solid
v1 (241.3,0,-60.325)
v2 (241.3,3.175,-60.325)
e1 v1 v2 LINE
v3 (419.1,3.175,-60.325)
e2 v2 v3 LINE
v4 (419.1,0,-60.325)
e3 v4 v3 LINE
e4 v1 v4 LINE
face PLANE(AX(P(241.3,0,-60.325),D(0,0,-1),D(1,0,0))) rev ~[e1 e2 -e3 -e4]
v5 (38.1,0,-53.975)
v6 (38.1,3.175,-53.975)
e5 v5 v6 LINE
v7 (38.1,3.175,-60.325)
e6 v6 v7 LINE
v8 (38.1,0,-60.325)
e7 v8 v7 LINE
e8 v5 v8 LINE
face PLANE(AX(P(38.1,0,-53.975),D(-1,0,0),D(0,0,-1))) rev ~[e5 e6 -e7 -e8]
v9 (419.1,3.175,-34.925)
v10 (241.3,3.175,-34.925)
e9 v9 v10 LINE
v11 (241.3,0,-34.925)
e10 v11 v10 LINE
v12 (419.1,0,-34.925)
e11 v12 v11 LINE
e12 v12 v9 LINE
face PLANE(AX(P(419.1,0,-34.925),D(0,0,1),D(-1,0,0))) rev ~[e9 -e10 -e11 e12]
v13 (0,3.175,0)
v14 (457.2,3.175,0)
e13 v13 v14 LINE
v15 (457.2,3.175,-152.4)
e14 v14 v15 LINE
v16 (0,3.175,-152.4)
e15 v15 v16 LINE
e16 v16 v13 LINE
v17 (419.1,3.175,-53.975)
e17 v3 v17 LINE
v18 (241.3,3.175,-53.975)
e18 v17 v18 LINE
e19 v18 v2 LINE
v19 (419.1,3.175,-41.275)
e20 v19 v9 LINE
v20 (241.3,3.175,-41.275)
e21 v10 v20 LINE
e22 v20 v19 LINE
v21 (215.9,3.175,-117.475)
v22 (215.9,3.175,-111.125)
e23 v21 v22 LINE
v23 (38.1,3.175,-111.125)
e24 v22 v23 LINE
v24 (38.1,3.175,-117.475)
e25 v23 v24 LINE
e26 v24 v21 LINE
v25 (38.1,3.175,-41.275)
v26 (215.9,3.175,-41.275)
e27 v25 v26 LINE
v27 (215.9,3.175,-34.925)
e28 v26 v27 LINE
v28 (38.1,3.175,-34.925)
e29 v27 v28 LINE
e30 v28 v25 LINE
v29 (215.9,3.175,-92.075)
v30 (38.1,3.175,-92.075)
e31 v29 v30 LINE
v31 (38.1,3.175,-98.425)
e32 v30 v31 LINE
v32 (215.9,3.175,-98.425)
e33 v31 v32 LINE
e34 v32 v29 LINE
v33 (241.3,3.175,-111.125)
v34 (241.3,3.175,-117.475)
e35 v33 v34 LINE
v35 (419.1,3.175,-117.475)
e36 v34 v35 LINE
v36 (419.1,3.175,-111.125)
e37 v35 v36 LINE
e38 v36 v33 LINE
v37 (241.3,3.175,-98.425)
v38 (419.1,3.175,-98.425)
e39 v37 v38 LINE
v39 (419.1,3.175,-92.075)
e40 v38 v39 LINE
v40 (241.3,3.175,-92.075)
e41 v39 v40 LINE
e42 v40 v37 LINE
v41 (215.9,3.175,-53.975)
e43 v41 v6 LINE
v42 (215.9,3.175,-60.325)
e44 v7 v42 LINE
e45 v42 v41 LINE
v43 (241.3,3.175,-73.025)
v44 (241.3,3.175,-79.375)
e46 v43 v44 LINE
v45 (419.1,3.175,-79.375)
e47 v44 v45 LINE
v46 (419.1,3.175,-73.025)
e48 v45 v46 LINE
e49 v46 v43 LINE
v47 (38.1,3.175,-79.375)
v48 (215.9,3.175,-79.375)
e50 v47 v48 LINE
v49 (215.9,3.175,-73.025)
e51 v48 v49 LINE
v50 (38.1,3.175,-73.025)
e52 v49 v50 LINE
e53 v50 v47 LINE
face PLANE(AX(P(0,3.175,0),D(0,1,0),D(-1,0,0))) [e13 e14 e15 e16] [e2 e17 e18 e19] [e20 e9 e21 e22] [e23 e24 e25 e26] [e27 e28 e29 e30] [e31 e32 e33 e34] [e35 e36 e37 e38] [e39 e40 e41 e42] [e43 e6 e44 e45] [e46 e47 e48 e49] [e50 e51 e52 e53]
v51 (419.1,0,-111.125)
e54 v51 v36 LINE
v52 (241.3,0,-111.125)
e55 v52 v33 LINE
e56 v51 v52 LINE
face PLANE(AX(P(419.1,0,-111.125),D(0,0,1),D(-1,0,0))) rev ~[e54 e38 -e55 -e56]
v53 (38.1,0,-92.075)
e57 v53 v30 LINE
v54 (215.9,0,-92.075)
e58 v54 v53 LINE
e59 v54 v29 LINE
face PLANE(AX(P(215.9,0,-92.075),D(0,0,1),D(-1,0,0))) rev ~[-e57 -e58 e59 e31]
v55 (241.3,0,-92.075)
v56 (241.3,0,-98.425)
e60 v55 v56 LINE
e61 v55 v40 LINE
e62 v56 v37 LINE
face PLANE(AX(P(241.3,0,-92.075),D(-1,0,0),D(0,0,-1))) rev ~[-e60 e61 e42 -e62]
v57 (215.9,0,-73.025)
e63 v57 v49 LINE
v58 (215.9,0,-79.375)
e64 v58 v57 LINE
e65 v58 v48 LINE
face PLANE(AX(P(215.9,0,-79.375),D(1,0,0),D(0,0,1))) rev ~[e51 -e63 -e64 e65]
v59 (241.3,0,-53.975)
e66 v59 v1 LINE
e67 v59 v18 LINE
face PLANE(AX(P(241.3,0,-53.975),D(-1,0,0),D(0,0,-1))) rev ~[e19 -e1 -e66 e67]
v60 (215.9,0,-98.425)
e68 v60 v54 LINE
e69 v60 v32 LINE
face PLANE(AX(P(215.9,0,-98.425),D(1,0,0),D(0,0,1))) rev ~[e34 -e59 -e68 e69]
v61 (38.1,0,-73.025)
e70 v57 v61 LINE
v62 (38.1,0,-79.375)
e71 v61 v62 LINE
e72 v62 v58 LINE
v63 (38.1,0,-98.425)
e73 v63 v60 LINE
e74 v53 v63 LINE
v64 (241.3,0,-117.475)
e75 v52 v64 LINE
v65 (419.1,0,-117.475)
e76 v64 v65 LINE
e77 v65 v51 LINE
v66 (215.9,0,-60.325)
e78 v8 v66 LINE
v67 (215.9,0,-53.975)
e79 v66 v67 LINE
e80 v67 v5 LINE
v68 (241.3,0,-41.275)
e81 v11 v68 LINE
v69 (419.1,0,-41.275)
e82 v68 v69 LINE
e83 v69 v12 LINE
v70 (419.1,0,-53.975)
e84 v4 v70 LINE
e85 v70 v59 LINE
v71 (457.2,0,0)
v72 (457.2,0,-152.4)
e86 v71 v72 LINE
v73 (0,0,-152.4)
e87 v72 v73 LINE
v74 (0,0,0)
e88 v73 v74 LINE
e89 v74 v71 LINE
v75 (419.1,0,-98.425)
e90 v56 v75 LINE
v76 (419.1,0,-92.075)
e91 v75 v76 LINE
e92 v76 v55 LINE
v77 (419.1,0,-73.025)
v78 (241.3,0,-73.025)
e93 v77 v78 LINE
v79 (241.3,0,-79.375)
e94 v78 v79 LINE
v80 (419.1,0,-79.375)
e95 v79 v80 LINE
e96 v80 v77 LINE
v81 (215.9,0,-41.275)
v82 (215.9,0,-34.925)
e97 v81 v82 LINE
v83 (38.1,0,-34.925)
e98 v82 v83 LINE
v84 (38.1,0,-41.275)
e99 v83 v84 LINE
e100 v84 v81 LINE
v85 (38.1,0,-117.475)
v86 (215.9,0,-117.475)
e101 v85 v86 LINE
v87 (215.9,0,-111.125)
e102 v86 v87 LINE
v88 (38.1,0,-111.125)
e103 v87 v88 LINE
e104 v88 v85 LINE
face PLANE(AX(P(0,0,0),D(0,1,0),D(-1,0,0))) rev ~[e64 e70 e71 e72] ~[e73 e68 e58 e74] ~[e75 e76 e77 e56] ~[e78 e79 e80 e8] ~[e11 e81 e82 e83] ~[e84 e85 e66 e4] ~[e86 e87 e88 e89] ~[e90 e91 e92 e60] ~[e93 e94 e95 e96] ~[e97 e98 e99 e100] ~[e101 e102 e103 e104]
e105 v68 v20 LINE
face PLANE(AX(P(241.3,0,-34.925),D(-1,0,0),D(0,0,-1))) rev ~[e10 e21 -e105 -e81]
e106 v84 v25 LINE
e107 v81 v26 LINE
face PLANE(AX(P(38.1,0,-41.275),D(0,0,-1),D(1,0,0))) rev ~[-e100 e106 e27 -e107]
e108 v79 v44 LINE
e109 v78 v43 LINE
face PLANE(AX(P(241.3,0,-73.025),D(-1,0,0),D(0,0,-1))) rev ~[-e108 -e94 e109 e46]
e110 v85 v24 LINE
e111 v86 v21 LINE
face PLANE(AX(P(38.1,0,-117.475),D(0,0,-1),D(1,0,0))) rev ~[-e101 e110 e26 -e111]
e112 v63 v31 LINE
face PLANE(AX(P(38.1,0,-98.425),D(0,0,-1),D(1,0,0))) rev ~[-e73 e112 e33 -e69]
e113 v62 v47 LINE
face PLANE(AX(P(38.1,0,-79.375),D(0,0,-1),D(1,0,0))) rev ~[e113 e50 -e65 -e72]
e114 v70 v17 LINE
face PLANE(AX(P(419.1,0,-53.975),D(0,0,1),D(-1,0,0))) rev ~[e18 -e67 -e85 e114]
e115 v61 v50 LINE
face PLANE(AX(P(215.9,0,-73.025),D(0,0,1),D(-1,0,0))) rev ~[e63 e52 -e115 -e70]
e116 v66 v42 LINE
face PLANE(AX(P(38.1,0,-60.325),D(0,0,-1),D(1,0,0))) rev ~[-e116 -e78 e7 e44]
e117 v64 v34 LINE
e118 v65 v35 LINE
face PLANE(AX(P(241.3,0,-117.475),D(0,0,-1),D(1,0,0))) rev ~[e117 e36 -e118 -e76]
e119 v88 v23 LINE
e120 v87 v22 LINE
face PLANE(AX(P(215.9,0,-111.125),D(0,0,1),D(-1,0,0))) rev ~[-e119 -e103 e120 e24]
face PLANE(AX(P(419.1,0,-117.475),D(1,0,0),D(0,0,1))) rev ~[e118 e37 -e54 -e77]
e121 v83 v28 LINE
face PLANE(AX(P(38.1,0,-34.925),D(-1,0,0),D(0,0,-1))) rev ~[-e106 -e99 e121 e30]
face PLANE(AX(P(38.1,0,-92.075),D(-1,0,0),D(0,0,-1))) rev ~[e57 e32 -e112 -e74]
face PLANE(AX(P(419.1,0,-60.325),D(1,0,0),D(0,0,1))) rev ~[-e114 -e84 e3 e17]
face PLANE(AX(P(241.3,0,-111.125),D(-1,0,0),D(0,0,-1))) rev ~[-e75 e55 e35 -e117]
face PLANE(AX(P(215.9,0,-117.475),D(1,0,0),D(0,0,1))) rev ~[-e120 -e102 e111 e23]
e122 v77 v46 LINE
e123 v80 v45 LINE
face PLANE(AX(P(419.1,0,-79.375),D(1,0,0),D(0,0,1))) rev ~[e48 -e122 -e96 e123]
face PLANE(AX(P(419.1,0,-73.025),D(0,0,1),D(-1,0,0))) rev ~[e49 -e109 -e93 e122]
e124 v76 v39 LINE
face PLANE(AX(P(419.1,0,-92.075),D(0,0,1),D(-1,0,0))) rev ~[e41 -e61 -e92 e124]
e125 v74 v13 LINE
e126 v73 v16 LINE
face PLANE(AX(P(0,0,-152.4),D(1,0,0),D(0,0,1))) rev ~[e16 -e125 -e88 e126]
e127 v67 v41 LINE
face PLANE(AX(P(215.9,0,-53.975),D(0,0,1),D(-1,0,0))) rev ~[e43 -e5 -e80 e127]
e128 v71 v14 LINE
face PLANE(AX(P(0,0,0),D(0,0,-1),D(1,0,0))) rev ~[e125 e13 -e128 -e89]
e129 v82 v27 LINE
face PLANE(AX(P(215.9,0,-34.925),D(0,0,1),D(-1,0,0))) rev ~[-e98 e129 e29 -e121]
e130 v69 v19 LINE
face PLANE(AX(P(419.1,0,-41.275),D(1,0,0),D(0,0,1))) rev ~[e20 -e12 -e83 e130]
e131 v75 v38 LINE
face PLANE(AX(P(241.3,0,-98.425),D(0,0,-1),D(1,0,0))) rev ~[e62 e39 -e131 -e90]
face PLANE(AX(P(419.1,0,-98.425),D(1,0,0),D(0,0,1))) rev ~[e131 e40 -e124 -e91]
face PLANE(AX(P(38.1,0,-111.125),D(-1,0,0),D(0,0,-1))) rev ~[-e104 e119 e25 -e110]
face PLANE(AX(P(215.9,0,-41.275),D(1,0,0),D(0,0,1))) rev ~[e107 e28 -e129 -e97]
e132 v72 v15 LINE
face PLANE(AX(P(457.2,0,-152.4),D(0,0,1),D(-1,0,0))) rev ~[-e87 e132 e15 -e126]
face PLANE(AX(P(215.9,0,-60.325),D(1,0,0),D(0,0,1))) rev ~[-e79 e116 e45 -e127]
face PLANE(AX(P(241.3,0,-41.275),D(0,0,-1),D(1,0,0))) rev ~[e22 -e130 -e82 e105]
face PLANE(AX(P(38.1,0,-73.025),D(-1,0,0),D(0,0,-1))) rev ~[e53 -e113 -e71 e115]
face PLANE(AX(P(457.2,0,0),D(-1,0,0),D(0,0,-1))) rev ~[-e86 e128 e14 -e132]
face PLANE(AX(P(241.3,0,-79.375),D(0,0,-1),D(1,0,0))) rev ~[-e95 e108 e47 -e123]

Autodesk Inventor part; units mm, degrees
ref_plane "YZ Plane" through (0, 0, 0) normal (1, 0, 0) x (0, 1, 0)
ref_plane "XZ Plane" through (0, 0, 0) normal (0, 1, 0) x (-1, 0, 0)
ref_plane "XY Plane" through (0, 0, 0) normal (0, 0, 1) x (1, 0, 0)
sketch "Sketch1" plane through (0, 0, 0) normal (0, 1, 0) x (-1, 0, 0)
  line L0 (0, 0) -> (-457.2, 0)
  line L1 (-457.2, 0) -> (-457.2, -152.4)
  line L2 (-457.2, -152.4) -> (0, -152.4)
  line L3 (0, -152.4) -> (0, 0)
  line L4 (-25.4, -25.4) -> (-431.8, -25.4)
  line L5 (-431.8, -25.4) -> (-431.8, -127)
  line L6 (-431.8, -127) -> (-25.4, -127)
  line L7 (-25.4, -127) -> (-25.4, -25.4)
  line L8 (-38.1, -117.475) -> (-215.9, -117.475)
  line L9 (-215.9, -117.475) -> (-215.9, -111.125)
  line L10 (-215.9, -111.125) -> (-38.1, -111.125)
  line L11 (-38.1, -111.125) -> (-38.1, -117.475)
  line L12 (-38.1, -98.425) -> (-215.9, -98.425)
  line L13 (-215.9, -98.425) -> (-215.9, -92.075)
  line L14 (-215.9, -92.075) -> (-38.1, -92.075)
  line L15 (-38.1, -92.075) -> (-38.1, -98.425)
  line L16 (-38.1, -79.375) -> (-215.9, -79.375)
  line L17 (-215.9, -79.375) -> (-215.9, -73.025)
  line L18 (-215.9, -73.025) -> (-38.1, -73.025)
  line L19 (-38.1, -73.025) -> (-38.1, -79.375)
  line L20 (-38.1, -60.325) -> (-215.9, -60.325)
  line L21 (-215.9, -60.325) -> (-215.9, -53.975)
  line L22 (-215.9, -53.975) -> (-38.1, -53.975)
  line L23 (-38.1, -53.975) -> (-38.1, -60.325)
  line L24 (-38.1, -41.275) -> (-215.9, -41.275)
  line L25 (-215.9, -41.275) -> (-215.9, -34.925)
  line L26 (-215.9, -34.925) -> (-38.1, -34.925)
  line L27 (-38.1, -34.925) -> (-38.1, -41.275)
  line L28 (-241.3, -117.475) -> (-419.1, -117.475)
  line L29 (-419.1, -117.475) -> (-419.1, -111.125)
  line L30 (-419.1, -111.125) -> (-241.3, -111.125)
  line L31 (-241.3, -111.125) -> (-241.3, -117.475)
  line L32 (-241.3, -92.075) -> (-241.3, -98.425)
  line L33 (-241.3, -98.425) -> (-419.1, -98.425)
  line L34 (-419.1, -98.425) -> (-419.1, -92.075)
  line L35 (-419.1, -92.075) -> (-241.3, -92.075)
  line L36 (-241.3, -73.025) -> (-241.3, -79.375)
  line L37 (-241.3, -79.375) -> (-419.1, -79.375)
  line L38 (-419.1, -79.375) -> (-419.1, -73.025)
  line L39 (-419.1, -73.025) -> (-241.3, -73.025)
  line L40 (-241.3, -53.975) -> (-241.3, -60.325)
  line L41 (-241.3, -60.325) -> (-419.1, -60.325)
  line L42 (-419.1, -60.325) -> (-419.1, -53.975)
  line L43 (-419.1, -53.975) -> (-241.3, -53.975)
  line L44 (-241.3, -34.925) -> (-241.3, -41.275)
  line L45 (-241.3, -41.275) -> (-419.1, -41.275)
  line L46 (-419.1, -41.275) -> (-419.1, -34.925)
  line L47 (-419.1, -34.925) -> (-241.3, -34.925)
  dimension "d0" = 457.2
  dimension "d1" = 152.4
  dimension "d2" = 25.4
  dimension "d3" = 25.4
  dimension "d4" = 25.4
  dimension "d5" = 25.4
  dimension "d6" = 6.35
  dimension "d7" = 12.7
  dimension "d8" = 9.525
  dimension "d9" = 177.8
  dimension "d10" = 6.35
  dimension "d11" = 177.8
  dimension "d12" = 6.35
  dimension "d13" = 177.8
  dimension "d14" = 6.35
  dimension "d15" = 177.8
  dimension "d16" = 6.35
  dimension "d17" = 177.8
  dimension "d18" = 12.7
  dimension "d19" = 12.7
  dimension "d20" = 12.7
  dimension "d21" = 12.7
  dimension "d22" = 12.7
  dimension "d23" = 12.7
  dimension "d24" = 12.7
  dimension "d25" = 12.7
  dimension "d26" = 6.35
  dimension "d27" = 177.8
  dimension "d28" = 6.35
  dimension "d29" = 177.8
  dimension "d30" = 6.35
  dimension "d31" = 177.8
  dimension "d32" = 6.35
  dimension "d33" = 177.8
  dimension "d34" = 6.35
  dimension "d35" = 177.8
  dimension "d36" = 12.7
  dimension "d37" = 12.7
  dimension "d38" = 12.7
  dimension "d39" = 12.7
  dimension "d68" = 9.525
  dimension "d69" = 25.4
  dimension "d70" = 25.4
  dimension "d71" = 25.4
  dimension "d72" = 25.4
  dimension "d73" = 25.4
extrude "Extrusion2" add sketch "Sketch1" along normal blind 3.175 contours L3 L2 L1 L0 | L7 L6 L5 L4
properties part number "16 inch grill"
